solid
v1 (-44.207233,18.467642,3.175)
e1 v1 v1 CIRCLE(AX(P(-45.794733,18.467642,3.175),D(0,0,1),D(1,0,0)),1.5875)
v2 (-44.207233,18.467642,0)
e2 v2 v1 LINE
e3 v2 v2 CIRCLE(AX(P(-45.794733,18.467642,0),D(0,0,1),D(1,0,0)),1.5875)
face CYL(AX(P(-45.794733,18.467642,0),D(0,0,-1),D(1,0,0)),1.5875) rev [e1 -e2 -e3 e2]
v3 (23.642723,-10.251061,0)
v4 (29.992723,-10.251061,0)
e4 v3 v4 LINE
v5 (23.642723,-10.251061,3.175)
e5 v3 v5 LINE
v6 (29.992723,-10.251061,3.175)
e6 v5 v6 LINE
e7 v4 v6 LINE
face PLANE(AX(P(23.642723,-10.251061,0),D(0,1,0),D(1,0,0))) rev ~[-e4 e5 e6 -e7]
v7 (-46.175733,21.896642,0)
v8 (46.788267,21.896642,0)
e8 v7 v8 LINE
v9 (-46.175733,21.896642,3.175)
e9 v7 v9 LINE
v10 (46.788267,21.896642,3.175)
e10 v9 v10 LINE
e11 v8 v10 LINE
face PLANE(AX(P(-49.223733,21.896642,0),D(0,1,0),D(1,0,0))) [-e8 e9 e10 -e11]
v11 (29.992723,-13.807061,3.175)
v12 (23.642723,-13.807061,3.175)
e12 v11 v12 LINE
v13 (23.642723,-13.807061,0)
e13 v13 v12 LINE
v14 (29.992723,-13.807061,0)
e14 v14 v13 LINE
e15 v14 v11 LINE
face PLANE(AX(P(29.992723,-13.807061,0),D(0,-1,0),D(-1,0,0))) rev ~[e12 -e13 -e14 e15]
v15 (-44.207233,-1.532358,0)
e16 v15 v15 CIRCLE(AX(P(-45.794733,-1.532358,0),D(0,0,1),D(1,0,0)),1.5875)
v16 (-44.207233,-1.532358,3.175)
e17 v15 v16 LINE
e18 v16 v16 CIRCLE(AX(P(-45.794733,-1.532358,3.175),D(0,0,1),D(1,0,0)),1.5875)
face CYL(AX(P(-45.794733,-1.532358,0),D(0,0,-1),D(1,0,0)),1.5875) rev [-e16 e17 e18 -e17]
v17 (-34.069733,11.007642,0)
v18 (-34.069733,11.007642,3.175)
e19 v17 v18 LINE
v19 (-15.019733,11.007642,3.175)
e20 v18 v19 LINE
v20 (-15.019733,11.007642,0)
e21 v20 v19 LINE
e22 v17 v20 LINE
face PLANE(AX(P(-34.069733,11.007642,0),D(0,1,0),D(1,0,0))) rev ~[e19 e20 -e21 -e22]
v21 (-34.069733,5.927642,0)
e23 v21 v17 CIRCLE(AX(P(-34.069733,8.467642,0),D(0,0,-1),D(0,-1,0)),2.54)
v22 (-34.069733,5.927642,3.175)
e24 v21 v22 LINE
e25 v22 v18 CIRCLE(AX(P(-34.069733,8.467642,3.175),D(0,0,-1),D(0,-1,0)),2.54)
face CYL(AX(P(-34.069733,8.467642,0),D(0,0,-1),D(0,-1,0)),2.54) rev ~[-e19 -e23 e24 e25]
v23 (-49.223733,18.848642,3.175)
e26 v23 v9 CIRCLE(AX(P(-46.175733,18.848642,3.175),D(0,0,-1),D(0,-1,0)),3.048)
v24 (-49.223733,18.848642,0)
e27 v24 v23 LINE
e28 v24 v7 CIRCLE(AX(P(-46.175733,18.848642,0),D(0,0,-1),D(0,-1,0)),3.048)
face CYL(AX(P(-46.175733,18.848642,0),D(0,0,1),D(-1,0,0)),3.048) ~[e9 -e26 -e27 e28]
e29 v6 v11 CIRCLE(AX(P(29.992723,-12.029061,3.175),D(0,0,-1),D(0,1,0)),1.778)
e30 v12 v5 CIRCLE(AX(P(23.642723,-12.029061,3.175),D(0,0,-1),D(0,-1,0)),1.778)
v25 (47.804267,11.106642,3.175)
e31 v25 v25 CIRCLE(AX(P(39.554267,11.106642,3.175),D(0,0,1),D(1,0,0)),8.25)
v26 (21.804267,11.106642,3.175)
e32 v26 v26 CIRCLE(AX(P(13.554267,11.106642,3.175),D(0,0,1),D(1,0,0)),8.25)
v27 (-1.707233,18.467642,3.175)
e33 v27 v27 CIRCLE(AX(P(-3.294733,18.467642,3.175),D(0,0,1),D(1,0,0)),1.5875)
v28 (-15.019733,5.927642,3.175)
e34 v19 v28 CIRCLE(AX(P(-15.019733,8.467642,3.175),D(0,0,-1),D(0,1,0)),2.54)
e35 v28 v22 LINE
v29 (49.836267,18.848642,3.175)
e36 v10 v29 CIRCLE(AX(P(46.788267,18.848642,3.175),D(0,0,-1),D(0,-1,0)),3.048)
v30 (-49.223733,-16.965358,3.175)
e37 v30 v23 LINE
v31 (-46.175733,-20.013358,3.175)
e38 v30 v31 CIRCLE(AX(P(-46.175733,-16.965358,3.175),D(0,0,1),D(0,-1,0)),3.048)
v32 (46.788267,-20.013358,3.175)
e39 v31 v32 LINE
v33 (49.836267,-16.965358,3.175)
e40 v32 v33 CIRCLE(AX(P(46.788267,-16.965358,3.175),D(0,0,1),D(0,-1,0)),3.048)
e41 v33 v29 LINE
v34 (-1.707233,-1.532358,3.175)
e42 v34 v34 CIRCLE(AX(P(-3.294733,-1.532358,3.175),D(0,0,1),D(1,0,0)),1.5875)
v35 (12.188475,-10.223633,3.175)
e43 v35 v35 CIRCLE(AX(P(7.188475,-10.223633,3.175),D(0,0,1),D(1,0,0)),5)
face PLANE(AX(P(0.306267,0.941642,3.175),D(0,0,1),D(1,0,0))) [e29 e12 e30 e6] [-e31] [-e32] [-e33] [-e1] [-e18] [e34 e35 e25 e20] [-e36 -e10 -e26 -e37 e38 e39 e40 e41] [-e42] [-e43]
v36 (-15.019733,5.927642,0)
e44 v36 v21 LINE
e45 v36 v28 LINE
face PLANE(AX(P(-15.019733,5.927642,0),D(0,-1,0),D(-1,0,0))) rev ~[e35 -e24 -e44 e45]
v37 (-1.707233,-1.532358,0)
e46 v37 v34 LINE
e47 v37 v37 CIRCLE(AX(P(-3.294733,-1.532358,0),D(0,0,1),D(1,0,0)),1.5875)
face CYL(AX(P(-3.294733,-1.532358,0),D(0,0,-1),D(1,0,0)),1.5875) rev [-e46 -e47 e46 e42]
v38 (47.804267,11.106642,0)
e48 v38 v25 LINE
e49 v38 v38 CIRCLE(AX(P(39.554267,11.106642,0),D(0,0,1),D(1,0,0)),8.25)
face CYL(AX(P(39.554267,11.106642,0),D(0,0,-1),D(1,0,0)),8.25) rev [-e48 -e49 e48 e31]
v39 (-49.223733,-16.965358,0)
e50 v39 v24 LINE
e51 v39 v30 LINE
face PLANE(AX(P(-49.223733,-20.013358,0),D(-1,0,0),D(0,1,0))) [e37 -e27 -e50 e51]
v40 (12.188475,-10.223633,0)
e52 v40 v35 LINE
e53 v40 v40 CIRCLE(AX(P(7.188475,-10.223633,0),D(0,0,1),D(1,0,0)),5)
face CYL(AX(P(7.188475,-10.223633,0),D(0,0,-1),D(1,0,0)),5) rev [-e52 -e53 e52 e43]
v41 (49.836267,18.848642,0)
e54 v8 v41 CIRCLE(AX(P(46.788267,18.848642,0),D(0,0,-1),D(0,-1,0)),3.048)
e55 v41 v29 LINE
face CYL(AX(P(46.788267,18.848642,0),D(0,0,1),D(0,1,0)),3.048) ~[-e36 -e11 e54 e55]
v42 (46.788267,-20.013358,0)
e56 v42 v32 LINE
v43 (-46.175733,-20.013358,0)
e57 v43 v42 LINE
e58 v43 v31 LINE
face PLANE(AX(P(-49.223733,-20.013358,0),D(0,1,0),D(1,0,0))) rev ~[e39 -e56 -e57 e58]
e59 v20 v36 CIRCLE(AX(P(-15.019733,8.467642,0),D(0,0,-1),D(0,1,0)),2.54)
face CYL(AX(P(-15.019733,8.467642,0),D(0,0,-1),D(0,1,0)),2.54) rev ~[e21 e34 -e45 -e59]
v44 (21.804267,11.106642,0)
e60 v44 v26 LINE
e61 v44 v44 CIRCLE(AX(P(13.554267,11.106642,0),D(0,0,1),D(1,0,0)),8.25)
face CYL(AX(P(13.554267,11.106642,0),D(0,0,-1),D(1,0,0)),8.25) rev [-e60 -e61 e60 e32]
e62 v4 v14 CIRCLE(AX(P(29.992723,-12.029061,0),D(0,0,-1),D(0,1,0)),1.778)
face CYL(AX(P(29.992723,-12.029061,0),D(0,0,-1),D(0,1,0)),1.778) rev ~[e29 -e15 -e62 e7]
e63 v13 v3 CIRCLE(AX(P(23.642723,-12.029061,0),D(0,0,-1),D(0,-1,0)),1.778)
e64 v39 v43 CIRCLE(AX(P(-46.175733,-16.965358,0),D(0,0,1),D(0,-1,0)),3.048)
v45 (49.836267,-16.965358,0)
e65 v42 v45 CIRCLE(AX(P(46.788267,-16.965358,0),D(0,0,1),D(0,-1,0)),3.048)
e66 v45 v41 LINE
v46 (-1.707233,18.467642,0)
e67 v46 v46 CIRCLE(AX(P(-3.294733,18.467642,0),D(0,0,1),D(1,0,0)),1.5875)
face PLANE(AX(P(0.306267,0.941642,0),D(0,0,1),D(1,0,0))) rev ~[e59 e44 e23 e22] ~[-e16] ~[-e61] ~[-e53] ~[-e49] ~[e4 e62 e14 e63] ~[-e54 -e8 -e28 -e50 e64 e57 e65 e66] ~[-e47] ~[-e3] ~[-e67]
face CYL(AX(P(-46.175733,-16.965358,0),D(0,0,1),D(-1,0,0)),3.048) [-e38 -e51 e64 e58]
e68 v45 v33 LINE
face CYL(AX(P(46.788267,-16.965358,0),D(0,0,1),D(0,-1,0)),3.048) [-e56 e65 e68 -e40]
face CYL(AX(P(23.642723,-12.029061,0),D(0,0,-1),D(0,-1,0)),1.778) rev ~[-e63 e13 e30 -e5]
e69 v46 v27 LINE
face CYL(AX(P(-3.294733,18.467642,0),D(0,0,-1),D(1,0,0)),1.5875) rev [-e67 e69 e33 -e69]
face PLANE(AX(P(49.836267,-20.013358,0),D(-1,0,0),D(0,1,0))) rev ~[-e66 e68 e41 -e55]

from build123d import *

# Parameters (mm, degrees)
F0_W     = 99.06
F0_H     = 41.91
F0_R     = 1.5875
F0_R_2   = 5
F0_R_3   = 8.25
F1_DEPTH = 3.175
F2_R     = 3.048


with BuildPart() as f1:
    # F0 (on Top) → F1 (new body)
    with BuildSketch(Plane.XY):
        with Locations((0.306267, 0.941642)):
            Rectangle(F0_W, F0_H)
        with Locations((-45.794733, -1.532358)):
            Circle(F0_R, mode=Mode.SUBTRACT)
        with Locations((-3.294733, -1.532358)):
            Circle(F0_R, mode=Mode.SUBTRACT)
        with Locations((7.188475, -10.223633)):
            Circle(F0_R_2, mode=Mode.SUBTRACT)
        with BuildLine():
            Line((29.992723, -13.807061), (23.642723, -13.807061))
            ThreePointArc((23.642723, -13.807061), (21.864723, -12.029061), (23.642723, -10.251061))
            Line((23.642723, -10.251061), (29.992723, -10.251061))
            ThreePointArc((29.992723, -10.251061), (31.770723, -12.029061), (29.992723, -13.807061))
        make_face(mode=Mode.SUBTRACT)
        with BuildLine():
            Line((-15.019733, 5.927642), (-34.069733, 5.927642))
            ThreePointArc((-34.069733, 5.927642), (-36.609733, 8.467642), (-34.069733, 11.007642))
            Line((-34.069733, 11.007642), (-15.019733, 11.007642))
            ThreePointArc((-15.019733, 11.007642), (-12.479733, 8.467642), (-15.019733, 5.927642))
        make_face(mode=Mode.SUBTRACT)
        with Locations((-45.794733, 18.467642)):
            Circle(F0_R, mode=Mode.SUBTRACT)
        with Locations((-3.294733, 18.467642)):
            Circle(F0_R, mode=Mode.SUBTRACT)
        with Locations((13.554267, 11.106642)):
            Circle(F0_R_3, mode=Mode.SUBTRACT)
        with Locations((39.554267, 11.106642)):
            Circle(F0_R_3, mode=Mode.SUBTRACT)
    extrude(amount=F1_DEPTH)

    # F2
    f2_edges = [f1.edges().sort_by_distance(p)[0] for p in [
        (49.836267, 21.896642, 1.5875),
        (49.836267, -20.013358, 1.5875),
        (-49.223733, -20.013358, 1.5875),
        (-49.223733, 21.896642, 1.5875),
    ]]
    fillet(f2_edges, radius=F2_R)


solid = f1.part
